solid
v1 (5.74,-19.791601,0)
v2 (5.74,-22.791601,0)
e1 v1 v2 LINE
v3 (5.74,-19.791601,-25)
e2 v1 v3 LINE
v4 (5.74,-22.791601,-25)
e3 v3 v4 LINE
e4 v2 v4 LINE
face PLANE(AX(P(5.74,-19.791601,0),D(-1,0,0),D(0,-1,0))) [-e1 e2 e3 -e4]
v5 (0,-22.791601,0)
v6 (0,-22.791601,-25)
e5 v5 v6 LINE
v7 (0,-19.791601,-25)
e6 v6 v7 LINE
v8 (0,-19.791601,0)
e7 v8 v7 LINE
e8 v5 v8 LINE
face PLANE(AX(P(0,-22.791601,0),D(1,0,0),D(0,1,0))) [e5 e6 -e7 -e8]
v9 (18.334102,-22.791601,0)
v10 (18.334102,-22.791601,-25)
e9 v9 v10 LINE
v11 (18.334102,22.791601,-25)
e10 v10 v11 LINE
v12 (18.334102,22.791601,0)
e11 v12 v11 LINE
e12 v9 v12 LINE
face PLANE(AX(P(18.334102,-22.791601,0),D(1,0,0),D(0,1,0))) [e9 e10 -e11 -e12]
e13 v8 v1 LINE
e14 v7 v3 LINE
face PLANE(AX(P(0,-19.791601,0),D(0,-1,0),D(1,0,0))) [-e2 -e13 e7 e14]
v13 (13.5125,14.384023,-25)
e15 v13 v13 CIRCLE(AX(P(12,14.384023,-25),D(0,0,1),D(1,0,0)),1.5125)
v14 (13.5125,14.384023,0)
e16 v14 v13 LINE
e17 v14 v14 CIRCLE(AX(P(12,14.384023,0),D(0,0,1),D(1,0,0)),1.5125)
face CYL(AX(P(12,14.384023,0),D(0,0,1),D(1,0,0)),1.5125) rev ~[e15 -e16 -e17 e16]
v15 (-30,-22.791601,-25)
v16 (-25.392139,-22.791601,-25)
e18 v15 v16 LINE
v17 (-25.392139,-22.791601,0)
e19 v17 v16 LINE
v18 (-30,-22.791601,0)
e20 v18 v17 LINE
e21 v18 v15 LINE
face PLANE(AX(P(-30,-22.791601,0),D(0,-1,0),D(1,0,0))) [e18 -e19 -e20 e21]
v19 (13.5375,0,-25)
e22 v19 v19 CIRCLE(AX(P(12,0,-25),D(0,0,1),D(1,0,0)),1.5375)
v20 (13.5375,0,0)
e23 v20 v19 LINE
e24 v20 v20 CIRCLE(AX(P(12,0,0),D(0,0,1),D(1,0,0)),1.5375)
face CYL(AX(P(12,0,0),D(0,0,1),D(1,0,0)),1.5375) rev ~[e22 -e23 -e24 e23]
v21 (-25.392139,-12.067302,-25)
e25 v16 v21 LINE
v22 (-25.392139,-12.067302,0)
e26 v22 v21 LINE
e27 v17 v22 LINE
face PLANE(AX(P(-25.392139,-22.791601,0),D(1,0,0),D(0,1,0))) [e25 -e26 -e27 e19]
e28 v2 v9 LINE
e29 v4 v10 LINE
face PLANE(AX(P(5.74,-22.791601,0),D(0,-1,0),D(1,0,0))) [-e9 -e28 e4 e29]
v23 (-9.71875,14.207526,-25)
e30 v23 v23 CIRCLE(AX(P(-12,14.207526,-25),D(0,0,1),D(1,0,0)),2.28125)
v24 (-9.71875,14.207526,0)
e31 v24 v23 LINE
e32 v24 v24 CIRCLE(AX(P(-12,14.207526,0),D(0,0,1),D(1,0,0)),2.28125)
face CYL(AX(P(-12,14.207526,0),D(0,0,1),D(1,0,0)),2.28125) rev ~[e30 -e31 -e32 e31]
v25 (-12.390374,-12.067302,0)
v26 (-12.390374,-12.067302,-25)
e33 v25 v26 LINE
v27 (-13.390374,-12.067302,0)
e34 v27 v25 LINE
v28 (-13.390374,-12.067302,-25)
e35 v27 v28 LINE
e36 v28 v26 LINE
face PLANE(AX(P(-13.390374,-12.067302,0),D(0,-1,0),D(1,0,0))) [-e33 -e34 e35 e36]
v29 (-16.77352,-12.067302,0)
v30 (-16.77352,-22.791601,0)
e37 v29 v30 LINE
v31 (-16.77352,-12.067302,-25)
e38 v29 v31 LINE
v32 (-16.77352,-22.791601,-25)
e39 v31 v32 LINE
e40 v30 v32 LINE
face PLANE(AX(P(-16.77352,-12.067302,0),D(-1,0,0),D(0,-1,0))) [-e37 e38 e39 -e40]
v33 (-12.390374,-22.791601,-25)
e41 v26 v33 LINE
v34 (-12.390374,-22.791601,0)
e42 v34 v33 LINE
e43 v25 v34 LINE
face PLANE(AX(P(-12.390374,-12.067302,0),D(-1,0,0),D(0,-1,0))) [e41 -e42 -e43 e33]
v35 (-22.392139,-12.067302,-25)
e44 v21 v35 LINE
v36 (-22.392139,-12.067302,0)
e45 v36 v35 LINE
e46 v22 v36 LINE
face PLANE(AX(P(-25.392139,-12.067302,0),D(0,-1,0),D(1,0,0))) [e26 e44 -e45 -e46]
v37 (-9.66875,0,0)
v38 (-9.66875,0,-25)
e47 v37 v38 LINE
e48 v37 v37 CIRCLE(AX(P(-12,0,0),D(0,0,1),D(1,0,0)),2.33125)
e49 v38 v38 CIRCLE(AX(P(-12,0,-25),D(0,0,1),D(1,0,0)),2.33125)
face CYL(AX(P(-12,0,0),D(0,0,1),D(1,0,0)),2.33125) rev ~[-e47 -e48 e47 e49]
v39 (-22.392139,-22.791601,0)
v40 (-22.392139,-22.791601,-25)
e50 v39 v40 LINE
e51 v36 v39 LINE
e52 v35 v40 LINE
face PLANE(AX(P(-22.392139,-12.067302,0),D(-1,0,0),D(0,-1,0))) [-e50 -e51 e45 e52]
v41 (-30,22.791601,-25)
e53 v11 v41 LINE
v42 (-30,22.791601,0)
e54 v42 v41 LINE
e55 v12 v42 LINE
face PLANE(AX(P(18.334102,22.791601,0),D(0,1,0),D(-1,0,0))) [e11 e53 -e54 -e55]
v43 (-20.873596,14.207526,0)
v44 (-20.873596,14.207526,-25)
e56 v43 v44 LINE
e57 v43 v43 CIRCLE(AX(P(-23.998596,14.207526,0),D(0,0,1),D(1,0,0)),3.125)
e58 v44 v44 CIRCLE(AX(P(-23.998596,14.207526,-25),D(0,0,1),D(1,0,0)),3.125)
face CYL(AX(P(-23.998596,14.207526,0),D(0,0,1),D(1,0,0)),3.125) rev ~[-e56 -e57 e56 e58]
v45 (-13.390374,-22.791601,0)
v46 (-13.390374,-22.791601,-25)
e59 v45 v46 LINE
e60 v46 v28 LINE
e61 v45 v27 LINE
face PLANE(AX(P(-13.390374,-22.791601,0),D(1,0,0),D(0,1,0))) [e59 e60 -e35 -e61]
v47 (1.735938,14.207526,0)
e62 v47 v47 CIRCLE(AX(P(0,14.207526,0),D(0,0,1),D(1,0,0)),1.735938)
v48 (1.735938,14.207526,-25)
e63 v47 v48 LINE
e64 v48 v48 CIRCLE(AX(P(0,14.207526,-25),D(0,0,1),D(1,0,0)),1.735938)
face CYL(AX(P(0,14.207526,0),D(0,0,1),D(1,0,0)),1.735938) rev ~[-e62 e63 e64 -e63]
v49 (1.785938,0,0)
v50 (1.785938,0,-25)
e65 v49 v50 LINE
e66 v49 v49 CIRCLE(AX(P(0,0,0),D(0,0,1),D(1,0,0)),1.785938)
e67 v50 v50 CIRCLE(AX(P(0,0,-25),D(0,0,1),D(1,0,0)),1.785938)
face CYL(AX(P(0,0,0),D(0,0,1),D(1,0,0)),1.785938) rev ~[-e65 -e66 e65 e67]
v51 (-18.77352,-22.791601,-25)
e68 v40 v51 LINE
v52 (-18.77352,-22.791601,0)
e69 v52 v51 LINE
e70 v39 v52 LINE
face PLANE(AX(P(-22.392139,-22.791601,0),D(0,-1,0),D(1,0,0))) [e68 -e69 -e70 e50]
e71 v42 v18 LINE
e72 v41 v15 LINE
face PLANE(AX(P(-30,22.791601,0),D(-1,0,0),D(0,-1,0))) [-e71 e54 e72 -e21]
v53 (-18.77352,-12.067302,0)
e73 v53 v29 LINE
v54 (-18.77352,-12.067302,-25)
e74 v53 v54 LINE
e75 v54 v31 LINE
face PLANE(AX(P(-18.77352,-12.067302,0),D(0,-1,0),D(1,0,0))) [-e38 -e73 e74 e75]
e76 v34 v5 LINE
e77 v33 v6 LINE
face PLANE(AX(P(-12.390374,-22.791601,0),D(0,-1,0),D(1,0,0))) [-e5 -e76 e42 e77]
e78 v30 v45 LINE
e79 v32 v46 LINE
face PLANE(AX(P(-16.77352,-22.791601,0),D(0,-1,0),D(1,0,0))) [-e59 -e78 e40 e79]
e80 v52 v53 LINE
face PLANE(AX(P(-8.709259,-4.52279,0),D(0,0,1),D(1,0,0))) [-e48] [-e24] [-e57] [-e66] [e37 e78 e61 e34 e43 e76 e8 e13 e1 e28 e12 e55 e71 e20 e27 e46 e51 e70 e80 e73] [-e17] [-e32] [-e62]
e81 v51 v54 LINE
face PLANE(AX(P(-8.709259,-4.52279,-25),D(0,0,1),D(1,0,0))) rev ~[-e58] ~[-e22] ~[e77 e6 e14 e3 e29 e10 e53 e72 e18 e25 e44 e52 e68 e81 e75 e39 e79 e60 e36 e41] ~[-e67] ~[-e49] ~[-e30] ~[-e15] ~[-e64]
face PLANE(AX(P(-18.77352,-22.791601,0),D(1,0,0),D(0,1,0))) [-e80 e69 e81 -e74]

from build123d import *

# Parameters (mm, degrees)
F0_R     = 2.33125
F0_R_2   = 3.125
F0_R_3   = 2.28125
F0_R_4   = 1.785938
F0_R_5   = 1.5375
F0_R_6   = 1.735938
F0_R_7   = 1.5125
F1_DEPTH = 25


with BuildPart() as f1:
    # F0 (on Top) → F1 (new body)
    with BuildSketch(Plane.XY):
        Polygon((5.74, -22.791601), (18.334102, -22.791601), (18.334102, 22.791601), (-30, 22.791601), (-30, -22.791601), (-25.392139, -22.791601), (-25.392139, -12.067302), (-22.392139, -12.067302), (-22.392139, -22.791601), (-18.77352, -22.791601), (-18.77352, -12.067302), (-16.77352, -12.067302), (-16.77352, -22.791601), (-13.390374, -22.791601), (-13.390374, -12.067302), (-12.390374, -12.067302), (-12.390374, -22.791601), (0, -22.791601), (0, -19.791601), (5.74, -19.791601), align=None)
        with Locations((-12, 0)):
            Circle(F0_R, mode=Mode.SUBTRACT)
        with Locations((-23.998596, 14.207526)):
            Circle(F0_R_2, mode=Mode.SUBTRACT)
        with Locations((-12, 14.207526)):
            Circle(F0_R_3, mode=Mode.SUBTRACT)
        Circle(F0_R_4, mode=Mode.SUBTRACT)
        with Locations((12, 0)):
            Circle(F0_R_5, mode=Mode.SUBTRACT)
        with Locations((0, 14.207526)):
            Circle(F0_R_6, mode=Mode.SUBTRACT)
        with Locations((12, 14.384023)):
            Circle(F0_R_7, mode=Mode.SUBTRACT)
    extrude(amount=-F1_DEPTH)


solid = f1.part
